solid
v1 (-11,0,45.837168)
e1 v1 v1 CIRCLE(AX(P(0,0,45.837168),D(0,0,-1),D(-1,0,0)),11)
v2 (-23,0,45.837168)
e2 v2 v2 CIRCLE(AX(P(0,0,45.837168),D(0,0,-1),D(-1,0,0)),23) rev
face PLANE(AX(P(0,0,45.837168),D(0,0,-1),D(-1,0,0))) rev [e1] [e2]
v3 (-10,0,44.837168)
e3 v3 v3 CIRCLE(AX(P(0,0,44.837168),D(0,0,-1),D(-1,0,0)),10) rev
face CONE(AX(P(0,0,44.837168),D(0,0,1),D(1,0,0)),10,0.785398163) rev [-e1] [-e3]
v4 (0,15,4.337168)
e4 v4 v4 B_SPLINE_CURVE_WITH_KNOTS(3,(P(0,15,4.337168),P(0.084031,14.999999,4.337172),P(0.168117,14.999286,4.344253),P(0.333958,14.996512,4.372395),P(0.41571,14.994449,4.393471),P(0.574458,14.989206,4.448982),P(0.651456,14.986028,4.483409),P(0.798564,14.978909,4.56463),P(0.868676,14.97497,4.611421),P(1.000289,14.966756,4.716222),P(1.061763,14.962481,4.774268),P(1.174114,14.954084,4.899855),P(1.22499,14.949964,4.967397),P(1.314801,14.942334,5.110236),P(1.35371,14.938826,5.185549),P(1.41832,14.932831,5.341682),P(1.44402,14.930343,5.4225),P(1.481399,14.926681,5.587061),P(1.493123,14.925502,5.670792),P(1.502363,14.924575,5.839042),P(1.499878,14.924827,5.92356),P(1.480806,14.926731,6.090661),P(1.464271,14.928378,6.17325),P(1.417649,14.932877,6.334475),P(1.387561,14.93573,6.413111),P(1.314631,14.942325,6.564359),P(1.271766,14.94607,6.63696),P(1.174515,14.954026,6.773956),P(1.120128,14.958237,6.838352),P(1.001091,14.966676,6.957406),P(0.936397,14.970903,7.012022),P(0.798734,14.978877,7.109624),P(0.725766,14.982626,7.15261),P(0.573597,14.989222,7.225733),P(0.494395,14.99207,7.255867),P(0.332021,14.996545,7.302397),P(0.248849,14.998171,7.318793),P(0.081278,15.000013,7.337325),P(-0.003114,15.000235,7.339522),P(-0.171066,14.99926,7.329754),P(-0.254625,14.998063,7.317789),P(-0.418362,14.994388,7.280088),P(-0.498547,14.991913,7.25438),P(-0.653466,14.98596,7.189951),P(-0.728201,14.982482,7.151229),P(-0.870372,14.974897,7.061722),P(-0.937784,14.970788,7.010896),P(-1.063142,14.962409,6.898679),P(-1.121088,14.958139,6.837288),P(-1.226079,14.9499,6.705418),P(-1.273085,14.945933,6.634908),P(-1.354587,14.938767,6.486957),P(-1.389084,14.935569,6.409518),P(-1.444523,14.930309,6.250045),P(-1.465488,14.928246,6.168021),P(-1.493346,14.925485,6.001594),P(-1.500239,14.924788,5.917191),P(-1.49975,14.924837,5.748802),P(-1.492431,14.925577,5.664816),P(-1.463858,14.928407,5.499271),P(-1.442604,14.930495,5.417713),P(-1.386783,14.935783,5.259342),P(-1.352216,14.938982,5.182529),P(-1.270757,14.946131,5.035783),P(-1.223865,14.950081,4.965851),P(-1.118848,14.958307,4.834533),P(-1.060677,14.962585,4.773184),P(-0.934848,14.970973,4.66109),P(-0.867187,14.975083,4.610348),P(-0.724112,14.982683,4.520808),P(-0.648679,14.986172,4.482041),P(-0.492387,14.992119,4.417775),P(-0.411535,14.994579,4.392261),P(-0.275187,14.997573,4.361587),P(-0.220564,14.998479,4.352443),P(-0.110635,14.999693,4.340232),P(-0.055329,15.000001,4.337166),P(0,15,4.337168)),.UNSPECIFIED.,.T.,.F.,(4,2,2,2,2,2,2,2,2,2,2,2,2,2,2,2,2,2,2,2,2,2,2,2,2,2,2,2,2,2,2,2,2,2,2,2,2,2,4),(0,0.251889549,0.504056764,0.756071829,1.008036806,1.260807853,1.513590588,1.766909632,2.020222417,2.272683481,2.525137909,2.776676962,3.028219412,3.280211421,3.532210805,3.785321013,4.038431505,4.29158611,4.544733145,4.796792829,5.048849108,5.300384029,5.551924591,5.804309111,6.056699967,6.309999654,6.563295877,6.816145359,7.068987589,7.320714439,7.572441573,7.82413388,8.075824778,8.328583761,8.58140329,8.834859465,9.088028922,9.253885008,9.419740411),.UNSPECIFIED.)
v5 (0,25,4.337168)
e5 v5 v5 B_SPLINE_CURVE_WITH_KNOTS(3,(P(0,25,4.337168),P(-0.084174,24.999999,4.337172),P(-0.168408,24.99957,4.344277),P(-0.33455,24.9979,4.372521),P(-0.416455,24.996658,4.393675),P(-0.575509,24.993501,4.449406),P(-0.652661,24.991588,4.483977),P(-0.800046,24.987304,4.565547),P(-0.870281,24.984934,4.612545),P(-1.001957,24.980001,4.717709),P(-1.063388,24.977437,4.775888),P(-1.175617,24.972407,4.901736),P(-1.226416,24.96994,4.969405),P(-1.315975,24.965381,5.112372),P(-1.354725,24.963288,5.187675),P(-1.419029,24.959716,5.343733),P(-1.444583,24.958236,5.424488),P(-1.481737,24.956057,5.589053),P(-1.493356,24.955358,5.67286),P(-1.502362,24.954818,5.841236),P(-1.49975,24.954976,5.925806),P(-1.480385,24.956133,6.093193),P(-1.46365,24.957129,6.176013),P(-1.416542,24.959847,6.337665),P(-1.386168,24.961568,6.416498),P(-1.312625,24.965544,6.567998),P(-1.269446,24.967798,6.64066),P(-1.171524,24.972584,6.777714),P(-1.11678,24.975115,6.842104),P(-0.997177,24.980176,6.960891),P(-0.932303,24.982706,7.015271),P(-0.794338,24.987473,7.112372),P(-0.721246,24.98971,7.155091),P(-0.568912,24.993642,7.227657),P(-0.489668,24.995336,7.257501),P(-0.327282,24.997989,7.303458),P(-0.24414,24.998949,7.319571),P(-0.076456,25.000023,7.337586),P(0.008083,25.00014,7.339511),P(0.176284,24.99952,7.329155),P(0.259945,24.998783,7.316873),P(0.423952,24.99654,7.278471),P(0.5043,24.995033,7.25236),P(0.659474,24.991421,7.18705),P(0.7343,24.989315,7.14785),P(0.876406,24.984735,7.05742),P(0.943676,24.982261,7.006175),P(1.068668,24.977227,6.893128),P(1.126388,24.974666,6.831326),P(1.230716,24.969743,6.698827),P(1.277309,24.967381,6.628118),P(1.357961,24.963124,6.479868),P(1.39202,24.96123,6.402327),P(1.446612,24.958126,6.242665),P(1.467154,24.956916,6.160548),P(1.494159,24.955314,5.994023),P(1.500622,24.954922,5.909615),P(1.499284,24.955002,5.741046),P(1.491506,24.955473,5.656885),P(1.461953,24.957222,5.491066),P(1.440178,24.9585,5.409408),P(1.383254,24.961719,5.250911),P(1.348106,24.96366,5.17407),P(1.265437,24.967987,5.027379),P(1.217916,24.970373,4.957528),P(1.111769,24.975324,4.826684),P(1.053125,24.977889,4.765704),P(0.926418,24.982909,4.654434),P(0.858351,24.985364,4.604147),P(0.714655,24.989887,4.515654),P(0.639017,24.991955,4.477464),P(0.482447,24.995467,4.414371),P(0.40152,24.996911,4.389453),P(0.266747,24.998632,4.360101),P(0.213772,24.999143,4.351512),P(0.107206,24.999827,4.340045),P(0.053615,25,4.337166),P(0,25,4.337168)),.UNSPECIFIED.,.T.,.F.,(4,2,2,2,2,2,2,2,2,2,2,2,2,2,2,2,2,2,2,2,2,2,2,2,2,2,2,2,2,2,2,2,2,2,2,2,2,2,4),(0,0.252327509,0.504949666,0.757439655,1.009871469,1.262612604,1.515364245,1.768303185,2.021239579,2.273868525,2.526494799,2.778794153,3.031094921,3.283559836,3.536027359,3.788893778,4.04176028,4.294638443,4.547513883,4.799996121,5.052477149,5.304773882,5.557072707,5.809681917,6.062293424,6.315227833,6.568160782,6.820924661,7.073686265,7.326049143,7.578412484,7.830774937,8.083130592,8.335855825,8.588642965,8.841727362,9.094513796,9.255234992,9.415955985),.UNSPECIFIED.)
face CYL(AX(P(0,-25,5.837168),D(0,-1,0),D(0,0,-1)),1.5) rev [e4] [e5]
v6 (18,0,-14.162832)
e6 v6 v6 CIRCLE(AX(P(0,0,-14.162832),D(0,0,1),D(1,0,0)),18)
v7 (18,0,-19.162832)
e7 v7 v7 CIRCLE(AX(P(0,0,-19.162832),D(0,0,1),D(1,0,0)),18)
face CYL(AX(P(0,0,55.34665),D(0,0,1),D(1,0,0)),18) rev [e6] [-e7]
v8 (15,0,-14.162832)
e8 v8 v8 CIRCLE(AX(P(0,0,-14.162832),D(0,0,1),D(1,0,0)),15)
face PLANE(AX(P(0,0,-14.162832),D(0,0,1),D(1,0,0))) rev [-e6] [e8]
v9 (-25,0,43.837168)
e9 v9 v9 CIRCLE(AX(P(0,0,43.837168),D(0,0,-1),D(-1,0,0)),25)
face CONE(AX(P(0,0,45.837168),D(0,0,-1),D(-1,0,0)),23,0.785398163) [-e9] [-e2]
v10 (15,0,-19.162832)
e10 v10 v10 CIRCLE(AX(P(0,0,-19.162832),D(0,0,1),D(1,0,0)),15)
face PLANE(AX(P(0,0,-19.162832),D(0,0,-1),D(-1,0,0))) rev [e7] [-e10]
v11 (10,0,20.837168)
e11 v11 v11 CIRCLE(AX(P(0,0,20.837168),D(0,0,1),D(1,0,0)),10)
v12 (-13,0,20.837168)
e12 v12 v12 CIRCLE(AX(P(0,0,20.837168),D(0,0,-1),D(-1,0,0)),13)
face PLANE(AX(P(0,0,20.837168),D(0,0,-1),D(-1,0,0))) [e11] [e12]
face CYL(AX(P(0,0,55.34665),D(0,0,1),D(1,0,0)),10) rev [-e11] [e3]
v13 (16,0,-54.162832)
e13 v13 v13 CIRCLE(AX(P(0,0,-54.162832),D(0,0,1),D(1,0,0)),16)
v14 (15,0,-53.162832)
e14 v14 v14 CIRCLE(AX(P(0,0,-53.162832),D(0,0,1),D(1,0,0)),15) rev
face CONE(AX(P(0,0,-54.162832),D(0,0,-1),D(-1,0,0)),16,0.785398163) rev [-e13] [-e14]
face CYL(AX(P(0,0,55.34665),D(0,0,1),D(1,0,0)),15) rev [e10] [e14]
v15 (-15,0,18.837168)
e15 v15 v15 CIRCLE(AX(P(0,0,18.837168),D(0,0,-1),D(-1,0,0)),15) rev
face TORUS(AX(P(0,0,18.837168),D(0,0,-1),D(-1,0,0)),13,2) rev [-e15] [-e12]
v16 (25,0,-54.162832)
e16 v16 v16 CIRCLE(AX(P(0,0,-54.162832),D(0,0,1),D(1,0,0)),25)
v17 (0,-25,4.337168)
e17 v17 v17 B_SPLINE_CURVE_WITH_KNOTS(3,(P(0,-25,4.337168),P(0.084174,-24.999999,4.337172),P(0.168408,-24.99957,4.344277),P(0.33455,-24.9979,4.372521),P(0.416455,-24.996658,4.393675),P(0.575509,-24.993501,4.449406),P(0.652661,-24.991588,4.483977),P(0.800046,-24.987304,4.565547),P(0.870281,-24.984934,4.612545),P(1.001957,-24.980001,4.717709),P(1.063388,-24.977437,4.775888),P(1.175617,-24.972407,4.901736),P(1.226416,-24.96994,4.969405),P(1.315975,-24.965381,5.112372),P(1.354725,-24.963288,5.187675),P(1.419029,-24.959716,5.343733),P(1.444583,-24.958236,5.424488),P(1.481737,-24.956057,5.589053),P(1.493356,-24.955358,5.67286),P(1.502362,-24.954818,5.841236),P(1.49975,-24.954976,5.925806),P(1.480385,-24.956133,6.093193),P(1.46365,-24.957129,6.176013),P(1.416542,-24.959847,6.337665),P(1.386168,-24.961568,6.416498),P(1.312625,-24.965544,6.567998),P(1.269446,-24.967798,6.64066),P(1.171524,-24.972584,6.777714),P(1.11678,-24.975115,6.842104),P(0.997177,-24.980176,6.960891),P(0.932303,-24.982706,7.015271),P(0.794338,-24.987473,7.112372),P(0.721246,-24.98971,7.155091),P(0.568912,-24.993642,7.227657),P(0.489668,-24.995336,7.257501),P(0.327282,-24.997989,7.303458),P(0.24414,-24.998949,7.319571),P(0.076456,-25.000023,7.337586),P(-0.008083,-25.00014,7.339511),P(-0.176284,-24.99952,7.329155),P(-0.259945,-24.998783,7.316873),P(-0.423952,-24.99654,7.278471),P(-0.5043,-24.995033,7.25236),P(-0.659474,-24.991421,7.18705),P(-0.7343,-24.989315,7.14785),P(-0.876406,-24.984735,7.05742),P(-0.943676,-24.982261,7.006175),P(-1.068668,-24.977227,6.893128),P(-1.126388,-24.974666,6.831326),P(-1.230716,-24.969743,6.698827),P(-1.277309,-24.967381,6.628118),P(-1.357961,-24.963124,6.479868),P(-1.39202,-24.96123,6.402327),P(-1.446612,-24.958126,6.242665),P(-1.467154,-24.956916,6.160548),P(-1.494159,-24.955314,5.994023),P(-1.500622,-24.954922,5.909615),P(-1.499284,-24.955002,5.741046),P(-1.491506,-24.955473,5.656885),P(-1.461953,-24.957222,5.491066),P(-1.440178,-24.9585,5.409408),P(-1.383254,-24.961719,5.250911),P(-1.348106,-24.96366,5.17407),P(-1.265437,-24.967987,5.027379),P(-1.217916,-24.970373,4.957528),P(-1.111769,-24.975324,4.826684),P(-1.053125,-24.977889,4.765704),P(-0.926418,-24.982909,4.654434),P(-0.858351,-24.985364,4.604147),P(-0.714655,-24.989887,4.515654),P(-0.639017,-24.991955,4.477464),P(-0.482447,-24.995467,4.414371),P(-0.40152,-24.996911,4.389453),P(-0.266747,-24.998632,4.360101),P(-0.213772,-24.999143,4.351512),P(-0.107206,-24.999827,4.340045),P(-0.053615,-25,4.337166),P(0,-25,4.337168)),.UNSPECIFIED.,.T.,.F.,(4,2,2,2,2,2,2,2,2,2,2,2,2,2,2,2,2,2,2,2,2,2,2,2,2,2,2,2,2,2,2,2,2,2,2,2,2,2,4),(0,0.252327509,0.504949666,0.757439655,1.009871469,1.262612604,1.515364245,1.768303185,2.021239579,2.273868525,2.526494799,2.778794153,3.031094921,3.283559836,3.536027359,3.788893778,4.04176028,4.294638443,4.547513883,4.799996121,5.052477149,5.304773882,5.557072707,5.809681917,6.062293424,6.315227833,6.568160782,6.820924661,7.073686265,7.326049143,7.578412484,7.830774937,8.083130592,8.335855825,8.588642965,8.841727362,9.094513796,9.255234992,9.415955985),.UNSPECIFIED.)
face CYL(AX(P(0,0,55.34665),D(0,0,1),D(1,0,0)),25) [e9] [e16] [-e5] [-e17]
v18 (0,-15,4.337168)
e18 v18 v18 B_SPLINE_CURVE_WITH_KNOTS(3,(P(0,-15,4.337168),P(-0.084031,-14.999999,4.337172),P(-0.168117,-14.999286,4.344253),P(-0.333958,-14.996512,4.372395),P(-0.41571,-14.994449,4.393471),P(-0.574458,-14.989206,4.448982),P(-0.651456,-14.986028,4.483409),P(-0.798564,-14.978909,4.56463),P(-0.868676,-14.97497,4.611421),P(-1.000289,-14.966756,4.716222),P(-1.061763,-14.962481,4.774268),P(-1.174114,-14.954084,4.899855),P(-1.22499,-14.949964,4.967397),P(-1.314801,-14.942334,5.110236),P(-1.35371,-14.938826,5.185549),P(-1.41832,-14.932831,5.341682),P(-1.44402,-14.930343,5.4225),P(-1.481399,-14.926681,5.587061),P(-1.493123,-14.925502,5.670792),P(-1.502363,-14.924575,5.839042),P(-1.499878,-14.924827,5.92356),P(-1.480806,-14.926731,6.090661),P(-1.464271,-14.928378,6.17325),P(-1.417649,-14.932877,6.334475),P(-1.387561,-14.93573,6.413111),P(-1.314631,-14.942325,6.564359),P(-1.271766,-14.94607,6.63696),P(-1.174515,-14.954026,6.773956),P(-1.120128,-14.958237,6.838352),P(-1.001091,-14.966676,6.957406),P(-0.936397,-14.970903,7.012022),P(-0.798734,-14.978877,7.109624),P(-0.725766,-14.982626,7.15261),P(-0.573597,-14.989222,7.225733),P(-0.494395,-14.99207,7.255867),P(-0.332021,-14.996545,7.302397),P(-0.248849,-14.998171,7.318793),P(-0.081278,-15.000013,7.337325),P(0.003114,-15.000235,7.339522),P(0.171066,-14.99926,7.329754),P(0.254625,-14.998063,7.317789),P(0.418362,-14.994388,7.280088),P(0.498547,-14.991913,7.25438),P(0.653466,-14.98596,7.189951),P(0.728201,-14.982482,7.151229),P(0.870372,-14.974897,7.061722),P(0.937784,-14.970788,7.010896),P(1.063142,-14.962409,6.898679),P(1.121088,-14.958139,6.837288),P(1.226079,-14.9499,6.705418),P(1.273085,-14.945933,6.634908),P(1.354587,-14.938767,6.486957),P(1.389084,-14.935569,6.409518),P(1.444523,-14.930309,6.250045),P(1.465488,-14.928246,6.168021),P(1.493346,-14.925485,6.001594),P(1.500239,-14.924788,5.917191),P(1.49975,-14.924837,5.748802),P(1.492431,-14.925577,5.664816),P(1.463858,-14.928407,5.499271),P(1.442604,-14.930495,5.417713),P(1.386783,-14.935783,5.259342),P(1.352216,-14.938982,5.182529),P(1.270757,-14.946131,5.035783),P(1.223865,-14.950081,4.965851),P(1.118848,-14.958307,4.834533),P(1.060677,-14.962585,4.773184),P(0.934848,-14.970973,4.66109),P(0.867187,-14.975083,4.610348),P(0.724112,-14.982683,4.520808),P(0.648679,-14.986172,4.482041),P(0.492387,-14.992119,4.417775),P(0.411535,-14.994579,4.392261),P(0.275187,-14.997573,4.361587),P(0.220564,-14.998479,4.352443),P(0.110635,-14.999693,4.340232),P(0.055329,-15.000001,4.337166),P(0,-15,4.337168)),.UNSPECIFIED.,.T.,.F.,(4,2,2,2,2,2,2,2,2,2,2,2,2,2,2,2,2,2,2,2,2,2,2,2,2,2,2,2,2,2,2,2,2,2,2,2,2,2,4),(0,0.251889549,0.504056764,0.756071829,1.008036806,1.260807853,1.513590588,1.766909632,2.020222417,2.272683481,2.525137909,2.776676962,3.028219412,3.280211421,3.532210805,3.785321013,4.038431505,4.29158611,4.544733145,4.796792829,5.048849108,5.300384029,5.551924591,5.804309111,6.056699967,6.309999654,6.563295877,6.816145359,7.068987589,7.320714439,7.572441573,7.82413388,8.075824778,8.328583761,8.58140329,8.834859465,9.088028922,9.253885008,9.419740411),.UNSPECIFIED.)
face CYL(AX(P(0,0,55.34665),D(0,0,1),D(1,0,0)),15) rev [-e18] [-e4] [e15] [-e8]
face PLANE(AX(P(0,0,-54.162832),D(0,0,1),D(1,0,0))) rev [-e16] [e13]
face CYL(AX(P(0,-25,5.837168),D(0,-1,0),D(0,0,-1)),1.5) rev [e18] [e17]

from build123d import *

# Parameters (mm, degrees)
SMUSSO1_SIZE   = 1
SMUSSO2_SIZE   = 2
RACCORDO1_R    = 2
FORO_3_0_3_1_D = 3


with BuildPart() as part:
    # Schizzo1 → Rivoluzione1 (revolve)
    with BuildSketch(Plane(origin=(0, 0, 0), x_dir=(0, 0, -1), z_dir=(1, 0, 0)), mode=Mode.PRIVATE) as rivoluzione1_sk:
        Polygon((-20.837168328, 15), (-20.837168328, 10), (-45.837168328, 10), (-45.837168328, 25), (54.162831672, 25), (54.162831672, 15), (19.162831672, 15), (19.162831672, 18), (14.162831672, 18), (14.162831672, 15), align=None)
    revolve(rivoluzione1_sk.sketch.rotate(Axis((0, 0, 55.346650187), (0, 0, -1)), 90), axis=Axis((0, 0, 55.346650187), (0, 0, -1)))

    # Smusso1
    smusso1_edges = [part.edges().sort_by_distance(p)[0] for p in [
        (-15, 0, -54.162831672),
        (-10, 0, 45.837168328),
    ]]
    chamfer(smusso1_edges, length=SMUSSO1_SIZE)

    # Smusso2
    smusso2_edges = [part.edges().sort_by_distance(p)[0] for p in [
        (-25, 0, 45.837168328),
    ]]
    chamfer(smusso2_edges, length=SMUSSO2_SIZE)

    # Raccordo1
    raccordo1_edges = [part.edges().sort_by_distance(p)[0] for p in [
        (-15, 0, 20.837168328),
    ]]
    fillet(raccordo1_edges, radius=RACCORDO1_R)

    # Foro Ø3.0 (3)-1 (through all)
    with Locations(Plane(origin=(0, -25, 0), x_dir=(-1, 0, 0), z_dir=(0, -1, 0))):
        with Locations((0, -5.837168328)):
            Hole(FORO_3_0_3_1_D / 2)


solid = part.part
